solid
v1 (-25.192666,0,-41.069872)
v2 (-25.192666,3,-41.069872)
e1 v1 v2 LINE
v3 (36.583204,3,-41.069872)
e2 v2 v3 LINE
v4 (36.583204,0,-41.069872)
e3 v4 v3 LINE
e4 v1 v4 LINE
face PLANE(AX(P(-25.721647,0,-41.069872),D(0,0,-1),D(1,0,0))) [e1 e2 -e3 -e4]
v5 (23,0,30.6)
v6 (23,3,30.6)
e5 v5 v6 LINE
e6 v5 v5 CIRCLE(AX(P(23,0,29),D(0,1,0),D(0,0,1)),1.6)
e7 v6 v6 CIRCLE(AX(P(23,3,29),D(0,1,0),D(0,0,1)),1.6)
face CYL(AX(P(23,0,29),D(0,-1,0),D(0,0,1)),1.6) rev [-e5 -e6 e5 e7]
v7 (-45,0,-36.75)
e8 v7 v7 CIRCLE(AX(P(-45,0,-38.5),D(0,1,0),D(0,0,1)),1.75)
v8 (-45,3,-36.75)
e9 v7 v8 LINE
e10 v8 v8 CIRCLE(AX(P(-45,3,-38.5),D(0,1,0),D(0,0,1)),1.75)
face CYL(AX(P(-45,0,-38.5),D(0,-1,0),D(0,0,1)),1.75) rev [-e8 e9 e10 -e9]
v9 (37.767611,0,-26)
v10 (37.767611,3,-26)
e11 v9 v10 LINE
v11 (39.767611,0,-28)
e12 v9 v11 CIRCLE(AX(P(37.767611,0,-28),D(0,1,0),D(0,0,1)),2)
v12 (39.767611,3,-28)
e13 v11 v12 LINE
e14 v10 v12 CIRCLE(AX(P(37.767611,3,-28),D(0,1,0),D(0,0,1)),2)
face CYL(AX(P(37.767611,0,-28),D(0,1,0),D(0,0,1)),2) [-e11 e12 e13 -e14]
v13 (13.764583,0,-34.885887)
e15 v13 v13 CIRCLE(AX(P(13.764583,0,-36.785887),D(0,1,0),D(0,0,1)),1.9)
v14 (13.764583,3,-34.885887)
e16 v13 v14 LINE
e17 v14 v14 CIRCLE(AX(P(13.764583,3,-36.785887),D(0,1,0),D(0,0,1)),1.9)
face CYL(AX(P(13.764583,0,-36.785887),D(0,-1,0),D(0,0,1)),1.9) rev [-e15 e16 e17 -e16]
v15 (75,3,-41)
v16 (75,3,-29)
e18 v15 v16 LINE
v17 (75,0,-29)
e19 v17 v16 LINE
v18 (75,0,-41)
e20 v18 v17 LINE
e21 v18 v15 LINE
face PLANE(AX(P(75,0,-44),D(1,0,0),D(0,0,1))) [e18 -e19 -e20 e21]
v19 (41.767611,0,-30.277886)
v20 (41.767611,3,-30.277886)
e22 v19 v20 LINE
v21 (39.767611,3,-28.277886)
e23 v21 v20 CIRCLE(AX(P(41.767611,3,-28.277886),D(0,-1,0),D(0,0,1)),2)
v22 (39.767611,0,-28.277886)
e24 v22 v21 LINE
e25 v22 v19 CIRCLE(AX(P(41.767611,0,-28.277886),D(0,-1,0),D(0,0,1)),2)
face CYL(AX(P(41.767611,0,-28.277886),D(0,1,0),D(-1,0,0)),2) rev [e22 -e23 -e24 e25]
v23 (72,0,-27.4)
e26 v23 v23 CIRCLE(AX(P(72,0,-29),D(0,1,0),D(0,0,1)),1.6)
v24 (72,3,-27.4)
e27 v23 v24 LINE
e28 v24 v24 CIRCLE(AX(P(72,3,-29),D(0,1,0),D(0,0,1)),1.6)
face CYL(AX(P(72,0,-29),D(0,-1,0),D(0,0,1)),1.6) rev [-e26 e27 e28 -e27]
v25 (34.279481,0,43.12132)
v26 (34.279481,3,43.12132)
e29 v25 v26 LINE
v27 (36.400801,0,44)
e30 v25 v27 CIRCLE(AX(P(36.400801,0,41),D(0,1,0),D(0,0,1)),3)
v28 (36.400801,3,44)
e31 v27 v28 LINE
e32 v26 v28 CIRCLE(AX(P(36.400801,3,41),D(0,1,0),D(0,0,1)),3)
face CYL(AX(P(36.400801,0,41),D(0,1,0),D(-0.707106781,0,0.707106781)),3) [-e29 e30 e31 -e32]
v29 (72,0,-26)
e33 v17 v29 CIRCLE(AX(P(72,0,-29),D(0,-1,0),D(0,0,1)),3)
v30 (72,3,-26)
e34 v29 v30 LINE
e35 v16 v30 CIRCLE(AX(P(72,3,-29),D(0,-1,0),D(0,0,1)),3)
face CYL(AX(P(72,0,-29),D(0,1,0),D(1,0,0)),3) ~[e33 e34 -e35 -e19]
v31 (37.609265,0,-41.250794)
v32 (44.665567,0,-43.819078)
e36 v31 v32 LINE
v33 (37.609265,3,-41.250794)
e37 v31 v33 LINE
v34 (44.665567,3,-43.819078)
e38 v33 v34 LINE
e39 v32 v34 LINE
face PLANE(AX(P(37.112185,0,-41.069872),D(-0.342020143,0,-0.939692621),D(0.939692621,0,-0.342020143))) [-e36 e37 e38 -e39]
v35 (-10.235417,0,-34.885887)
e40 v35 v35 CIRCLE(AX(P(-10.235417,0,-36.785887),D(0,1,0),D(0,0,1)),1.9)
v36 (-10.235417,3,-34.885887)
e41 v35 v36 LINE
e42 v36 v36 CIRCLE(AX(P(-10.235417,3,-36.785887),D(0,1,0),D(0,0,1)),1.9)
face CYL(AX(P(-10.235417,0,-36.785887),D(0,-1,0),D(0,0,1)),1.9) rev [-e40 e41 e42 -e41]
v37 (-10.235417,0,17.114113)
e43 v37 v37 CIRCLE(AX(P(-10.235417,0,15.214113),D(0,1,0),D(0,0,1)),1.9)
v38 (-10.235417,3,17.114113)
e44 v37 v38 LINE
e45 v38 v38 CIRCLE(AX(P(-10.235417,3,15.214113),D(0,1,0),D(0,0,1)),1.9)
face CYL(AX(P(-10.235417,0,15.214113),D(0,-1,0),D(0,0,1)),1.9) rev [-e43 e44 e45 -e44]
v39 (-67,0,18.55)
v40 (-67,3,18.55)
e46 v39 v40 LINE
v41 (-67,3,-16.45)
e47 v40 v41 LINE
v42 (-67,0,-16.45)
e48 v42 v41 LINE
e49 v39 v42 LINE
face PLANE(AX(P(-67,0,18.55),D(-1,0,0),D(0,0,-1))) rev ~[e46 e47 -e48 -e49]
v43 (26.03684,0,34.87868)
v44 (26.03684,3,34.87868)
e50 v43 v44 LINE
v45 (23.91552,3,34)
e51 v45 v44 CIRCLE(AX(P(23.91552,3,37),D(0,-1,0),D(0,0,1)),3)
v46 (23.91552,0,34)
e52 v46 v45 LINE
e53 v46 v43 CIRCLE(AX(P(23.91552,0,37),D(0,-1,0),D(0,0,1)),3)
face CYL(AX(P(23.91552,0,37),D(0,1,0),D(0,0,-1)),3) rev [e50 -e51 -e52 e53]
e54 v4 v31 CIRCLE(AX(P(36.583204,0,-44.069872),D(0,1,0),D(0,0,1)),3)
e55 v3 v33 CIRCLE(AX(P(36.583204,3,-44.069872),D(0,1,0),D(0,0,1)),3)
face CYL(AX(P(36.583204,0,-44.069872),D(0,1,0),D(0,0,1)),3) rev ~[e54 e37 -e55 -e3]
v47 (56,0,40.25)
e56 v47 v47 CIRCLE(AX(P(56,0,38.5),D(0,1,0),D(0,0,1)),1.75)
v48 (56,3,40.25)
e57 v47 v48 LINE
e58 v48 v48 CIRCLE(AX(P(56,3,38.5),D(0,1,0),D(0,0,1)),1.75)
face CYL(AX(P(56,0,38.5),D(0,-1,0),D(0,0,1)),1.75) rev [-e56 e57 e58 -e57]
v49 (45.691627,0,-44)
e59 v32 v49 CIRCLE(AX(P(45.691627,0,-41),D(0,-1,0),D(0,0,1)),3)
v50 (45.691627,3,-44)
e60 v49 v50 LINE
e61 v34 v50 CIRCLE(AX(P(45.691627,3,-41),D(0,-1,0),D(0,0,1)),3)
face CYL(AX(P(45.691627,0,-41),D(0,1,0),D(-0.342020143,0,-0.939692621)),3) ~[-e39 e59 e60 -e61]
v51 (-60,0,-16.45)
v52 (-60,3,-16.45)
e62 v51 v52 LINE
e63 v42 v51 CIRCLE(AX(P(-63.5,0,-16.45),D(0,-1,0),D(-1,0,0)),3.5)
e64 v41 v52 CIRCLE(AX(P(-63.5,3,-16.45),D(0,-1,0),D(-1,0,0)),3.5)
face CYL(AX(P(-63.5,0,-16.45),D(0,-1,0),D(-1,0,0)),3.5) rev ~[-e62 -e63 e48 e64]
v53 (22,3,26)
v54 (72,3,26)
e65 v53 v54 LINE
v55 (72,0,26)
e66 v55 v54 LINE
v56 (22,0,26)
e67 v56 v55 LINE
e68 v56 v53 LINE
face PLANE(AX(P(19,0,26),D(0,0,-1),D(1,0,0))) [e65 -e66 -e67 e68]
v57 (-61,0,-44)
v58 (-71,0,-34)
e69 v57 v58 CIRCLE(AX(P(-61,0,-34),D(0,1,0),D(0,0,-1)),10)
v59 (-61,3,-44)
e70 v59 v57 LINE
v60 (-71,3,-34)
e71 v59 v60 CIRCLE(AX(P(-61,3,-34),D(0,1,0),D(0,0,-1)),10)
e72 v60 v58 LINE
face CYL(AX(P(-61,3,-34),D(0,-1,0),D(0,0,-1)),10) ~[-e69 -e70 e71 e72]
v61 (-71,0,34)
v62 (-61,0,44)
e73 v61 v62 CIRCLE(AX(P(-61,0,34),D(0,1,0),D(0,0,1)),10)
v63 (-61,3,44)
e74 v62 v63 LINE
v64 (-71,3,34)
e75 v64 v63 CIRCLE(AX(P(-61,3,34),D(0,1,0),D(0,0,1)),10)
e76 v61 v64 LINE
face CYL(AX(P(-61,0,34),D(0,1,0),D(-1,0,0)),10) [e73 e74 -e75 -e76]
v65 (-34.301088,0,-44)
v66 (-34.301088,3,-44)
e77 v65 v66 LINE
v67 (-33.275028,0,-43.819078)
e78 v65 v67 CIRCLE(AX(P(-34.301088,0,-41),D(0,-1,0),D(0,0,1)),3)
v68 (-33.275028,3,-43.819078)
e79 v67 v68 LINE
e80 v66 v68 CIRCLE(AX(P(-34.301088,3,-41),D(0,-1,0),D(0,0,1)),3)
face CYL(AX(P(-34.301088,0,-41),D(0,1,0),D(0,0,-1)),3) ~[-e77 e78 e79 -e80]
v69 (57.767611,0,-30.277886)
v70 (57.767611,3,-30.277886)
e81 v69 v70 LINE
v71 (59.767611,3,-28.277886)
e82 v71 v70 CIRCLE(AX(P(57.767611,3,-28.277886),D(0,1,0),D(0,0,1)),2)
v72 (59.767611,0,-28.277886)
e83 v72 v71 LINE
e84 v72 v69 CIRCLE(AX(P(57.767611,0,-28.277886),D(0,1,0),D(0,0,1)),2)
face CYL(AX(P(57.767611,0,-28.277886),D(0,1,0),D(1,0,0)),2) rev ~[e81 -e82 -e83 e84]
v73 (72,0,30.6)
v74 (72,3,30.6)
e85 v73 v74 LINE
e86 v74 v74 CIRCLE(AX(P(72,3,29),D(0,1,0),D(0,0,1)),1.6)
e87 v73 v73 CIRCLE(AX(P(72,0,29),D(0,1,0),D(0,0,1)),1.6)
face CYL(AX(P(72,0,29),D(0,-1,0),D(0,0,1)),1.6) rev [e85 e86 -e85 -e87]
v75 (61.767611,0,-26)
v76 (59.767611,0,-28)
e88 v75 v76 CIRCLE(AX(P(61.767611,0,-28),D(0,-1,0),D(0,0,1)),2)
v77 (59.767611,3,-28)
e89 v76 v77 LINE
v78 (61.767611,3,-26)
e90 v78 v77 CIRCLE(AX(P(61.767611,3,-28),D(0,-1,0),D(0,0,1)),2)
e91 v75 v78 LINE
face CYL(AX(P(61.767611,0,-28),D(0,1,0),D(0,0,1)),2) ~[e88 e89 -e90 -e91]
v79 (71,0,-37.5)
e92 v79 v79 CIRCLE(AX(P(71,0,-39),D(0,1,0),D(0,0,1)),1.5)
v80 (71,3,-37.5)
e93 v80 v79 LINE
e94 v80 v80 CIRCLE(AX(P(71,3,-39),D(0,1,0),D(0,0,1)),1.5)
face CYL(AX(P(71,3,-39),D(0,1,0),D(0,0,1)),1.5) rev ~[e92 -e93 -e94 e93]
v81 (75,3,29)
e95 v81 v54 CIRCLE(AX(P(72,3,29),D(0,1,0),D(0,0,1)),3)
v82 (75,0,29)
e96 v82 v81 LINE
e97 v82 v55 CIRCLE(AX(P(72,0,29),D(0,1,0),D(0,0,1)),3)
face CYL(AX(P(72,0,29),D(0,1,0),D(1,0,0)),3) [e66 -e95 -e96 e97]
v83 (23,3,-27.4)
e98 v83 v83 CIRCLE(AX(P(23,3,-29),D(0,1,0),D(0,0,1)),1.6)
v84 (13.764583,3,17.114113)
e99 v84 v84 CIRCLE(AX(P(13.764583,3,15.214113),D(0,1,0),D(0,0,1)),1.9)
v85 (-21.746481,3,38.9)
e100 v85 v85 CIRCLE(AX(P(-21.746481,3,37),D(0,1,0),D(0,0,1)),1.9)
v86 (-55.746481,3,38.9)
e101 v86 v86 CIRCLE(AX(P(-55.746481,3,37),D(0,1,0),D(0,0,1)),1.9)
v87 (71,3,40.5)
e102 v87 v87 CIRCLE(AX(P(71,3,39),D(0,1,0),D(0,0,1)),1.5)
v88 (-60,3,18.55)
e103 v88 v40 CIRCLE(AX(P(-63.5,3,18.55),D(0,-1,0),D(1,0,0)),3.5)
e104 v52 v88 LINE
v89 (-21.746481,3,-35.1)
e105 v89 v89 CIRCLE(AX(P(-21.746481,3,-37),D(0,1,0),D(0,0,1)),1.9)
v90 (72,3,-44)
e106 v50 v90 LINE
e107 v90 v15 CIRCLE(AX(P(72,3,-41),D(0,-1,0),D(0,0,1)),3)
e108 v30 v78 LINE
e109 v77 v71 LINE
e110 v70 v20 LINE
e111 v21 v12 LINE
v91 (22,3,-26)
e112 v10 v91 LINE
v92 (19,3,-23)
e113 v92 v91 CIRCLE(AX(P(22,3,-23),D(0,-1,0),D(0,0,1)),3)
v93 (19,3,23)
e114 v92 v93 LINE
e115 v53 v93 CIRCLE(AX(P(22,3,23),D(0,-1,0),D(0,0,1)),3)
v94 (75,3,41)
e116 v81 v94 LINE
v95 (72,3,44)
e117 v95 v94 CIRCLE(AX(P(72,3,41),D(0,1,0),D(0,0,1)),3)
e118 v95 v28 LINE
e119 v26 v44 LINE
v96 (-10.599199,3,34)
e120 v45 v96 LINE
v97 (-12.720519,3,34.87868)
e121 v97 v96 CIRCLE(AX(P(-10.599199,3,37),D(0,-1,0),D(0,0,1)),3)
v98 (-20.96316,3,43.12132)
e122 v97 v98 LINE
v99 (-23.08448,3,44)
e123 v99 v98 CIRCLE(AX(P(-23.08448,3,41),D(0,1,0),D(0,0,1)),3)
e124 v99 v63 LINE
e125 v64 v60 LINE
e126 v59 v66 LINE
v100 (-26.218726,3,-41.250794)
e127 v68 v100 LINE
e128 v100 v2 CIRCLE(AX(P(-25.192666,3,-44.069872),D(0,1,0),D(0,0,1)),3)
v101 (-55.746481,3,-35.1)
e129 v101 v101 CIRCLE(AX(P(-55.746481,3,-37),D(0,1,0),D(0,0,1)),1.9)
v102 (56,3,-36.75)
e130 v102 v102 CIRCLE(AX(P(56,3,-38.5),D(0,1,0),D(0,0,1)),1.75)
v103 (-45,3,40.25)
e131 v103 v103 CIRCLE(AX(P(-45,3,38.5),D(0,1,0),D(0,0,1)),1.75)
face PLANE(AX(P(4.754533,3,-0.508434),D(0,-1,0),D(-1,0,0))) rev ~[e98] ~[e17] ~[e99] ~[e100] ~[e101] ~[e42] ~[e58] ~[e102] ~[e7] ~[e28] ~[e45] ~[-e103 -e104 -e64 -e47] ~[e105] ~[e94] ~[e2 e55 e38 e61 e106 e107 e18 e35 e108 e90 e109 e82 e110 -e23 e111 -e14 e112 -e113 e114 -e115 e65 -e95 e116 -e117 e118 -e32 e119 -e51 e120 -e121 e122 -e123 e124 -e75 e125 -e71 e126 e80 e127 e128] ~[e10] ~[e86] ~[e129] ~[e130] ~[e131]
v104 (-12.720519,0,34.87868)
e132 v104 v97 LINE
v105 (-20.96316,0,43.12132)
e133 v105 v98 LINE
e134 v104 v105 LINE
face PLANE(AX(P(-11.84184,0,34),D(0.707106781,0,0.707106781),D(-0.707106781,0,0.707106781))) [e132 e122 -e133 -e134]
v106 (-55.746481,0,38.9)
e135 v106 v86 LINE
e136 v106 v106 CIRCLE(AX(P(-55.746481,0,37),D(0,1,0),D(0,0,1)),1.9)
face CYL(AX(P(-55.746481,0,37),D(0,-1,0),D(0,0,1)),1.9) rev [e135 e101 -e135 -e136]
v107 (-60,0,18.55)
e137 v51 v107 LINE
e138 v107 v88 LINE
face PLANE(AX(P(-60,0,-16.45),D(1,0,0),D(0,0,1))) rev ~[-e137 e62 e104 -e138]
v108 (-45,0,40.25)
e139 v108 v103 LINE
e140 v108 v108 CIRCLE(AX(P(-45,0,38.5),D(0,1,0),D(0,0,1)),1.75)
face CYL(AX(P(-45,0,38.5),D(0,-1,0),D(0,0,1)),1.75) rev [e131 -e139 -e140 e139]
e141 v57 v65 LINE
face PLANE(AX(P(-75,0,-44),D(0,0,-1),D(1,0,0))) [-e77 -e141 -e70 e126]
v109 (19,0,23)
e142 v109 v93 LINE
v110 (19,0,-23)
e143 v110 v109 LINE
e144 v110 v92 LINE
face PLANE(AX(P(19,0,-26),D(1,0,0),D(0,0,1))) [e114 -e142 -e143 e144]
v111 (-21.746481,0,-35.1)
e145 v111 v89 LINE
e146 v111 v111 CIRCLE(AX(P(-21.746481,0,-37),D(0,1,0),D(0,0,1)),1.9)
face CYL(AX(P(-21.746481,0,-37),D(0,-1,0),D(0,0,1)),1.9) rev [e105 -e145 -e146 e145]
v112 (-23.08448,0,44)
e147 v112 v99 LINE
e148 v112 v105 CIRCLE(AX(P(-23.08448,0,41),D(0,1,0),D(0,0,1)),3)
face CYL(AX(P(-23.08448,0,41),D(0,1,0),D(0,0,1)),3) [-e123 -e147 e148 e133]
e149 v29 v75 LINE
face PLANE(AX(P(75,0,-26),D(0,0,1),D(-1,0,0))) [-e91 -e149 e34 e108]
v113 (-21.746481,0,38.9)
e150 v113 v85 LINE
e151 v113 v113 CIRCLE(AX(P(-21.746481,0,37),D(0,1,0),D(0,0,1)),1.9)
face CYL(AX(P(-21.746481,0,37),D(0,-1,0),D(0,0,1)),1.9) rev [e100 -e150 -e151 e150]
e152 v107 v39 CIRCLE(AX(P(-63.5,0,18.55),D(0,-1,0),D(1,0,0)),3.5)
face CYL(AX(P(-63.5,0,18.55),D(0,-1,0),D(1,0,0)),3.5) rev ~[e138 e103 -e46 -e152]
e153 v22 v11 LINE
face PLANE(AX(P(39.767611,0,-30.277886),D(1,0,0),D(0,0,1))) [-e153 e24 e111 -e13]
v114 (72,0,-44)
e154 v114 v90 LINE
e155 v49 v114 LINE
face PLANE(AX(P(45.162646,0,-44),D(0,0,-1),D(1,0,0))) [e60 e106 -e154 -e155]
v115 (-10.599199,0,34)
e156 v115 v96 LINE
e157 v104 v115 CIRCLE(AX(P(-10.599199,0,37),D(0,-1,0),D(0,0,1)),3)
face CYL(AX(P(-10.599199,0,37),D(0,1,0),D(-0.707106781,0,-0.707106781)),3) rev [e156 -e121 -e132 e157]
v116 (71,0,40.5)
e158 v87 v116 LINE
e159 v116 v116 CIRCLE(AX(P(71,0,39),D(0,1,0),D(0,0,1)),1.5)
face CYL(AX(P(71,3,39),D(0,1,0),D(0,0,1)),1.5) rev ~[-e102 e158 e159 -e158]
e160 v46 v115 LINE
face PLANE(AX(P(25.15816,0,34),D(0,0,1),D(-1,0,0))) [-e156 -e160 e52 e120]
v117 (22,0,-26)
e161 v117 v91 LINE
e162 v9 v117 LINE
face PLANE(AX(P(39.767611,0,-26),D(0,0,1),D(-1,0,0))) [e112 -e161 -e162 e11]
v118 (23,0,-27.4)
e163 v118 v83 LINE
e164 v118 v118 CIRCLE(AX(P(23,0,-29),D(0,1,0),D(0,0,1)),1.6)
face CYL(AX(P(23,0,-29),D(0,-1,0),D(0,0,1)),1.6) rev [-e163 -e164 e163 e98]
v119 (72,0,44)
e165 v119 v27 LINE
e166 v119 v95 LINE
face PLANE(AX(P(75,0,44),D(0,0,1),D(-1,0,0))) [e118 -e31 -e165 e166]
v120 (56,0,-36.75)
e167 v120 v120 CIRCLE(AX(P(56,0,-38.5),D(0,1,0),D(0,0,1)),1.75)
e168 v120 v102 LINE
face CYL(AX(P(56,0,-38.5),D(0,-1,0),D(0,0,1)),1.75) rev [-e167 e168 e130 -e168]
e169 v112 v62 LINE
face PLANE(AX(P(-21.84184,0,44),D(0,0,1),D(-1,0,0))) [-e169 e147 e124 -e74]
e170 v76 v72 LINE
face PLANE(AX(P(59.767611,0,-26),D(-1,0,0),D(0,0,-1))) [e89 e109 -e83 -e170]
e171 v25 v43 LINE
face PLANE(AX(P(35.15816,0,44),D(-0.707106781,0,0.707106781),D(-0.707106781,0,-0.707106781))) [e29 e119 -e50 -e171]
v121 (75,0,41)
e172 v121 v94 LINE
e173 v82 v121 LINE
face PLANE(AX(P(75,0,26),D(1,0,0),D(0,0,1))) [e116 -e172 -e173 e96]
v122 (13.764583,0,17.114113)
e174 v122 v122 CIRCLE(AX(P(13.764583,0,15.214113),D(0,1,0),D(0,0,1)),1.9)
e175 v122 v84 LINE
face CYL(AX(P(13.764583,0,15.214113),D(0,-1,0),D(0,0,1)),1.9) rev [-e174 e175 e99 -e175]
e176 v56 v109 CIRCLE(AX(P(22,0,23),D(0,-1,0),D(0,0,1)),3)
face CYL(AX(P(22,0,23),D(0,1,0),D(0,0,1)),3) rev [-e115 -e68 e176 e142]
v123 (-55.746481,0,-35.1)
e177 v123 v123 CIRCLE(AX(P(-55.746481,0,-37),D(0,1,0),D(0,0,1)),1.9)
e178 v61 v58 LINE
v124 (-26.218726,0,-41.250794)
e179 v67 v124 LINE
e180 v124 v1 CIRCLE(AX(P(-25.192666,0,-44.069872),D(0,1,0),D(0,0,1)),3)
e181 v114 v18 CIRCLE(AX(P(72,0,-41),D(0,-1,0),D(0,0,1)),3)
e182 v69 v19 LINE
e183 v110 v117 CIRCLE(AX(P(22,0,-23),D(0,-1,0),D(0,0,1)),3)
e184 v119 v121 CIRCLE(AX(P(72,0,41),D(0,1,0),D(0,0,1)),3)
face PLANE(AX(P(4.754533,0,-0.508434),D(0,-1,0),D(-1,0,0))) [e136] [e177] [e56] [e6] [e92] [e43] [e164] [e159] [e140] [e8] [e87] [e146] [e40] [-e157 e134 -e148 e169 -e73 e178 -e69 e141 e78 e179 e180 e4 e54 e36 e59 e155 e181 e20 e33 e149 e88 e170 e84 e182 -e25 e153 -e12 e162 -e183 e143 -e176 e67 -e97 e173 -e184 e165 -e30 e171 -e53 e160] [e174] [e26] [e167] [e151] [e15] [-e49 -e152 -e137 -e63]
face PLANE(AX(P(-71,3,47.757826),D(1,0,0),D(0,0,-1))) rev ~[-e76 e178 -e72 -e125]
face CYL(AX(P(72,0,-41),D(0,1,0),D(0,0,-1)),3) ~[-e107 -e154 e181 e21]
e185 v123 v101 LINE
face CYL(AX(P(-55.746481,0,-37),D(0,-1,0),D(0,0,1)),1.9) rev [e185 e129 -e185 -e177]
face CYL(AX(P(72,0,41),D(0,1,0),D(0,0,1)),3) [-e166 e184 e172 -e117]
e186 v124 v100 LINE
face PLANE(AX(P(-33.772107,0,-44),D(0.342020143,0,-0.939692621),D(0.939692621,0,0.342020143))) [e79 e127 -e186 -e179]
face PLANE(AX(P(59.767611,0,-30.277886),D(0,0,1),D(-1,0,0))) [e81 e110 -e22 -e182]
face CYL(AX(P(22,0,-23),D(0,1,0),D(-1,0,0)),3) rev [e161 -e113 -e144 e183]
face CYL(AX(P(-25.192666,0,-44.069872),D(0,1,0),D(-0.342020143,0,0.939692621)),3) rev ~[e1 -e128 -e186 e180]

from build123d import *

# Parameters (mm, degrees)
SKETCH1_R           = 1.75
SKETCH1_R_2         = 1.6
SKETCH1_R_3         = 1.9
BOSS_EXTRUDE1_DEPTH = 3
FILLET1_R           = 3
FILLET2_R           = 7
FILLET3_R           = 2
SKETCH2_R           = 1.5
CUT_EXTRUDE1_DEPTH  = 10
SKETCH3_W           = 22.30502782
SKETCH3_H           = 95.515652082
CUT_EXTRUDE2_DEPTH  = 10
FILLET4_R           = 10


with BuildPart() as part:
    # Sketch1 → Boss-Extrude1 (new body)
    with BuildSketch(Plane(origin=(0, 0, 0), x_dir=(1, 0, 0), z_dir=(0, 1, 0))):
        Polygon((-75, -44), (-75, -35), (-71, -30), (-71, 30), (-75, 35), (-75, 44), (-33.772107485, 44), (-25.721646761, 41.069871925), (37.112185403, 41.069871925), (45.162646126, 44), (75, 44), (75, 26), (59.767610868, 26), (59.767610868, 30.277885673), (39.767610868, 30.277885673), (39.767610868, 26), (19, 26), (19, -26), (75, -26), (75, -44), (35.158160284, -44), (25.158160284, -34), (-11.841839716, -34), (-21.841839716, -44), align=None)
        with Locations(Location((-45, 38.5, 0), (0, 0, 270))):
            Circle(SKETCH1_R, mode=Mode.SUBTRACT)
        with Locations(Location((56, 38.5, 0), (0, 0, 270))):
            Circle(SKETCH1_R, mode=Mode.SUBTRACT)
        with Locations(Location((56, -38.5, 0), (0, 0, 270))):
            Circle(SKETCH1_R, mode=Mode.SUBTRACT)
        with Locations(Location((-45, -38.5, 0), (0, 0, 270))):
            Circle(SKETCH1_R, mode=Mode.SUBTRACT)
        with Locations(Location((23, 29, 0), (0, 0, 270))):
            Circle(SKETCH1_R_2, mode=Mode.SUBTRACT)
        with Locations(Location((72, 29, 0), (0, 0, 270))):
            Circle(SKETCH1_R_2, mode=Mode.SUBTRACT)
        with Locations(Location((72, -29, 0), (0, 0, 270))):
            Circle(SKETCH1_R_2, mode=Mode.SUBTRACT)
        with Locations(Location((23, -29, 0), (0, 0, 270))):
            Circle(SKETCH1_R_2, mode=Mode.SUBTRACT)
        with Locations(Location((-55.746480847, 37, 0), (0, 0, 270))):
            Circle(SKETCH1_R_3, mode=Mode.SUBTRACT)
        with Locations(Location((-10.235416983, 36.785886944, 0), (0, 0, 270))):
            Circle(SKETCH1_R_3, mode=Mode.SUBTRACT)
        with Locations(Location((13.764583017, 36.785886944, 0), (0, 0, 270))):
            Circle(SKETCH1_R_3, mode=Mode.SUBTRACT)
        with Locations(Location((13.764583017, -15.214113056, 0), (0, 0, 270))):
            Circle(SKETCH1_R_3, mode=Mode.SUBTRACT)
        with Locations(Location((-10.235416983, -15.214113056, 0), (0, 0, 270))):
            Circle(SKETCH1_R_3, mode=Mode.SUBTRACT)
        with Locations(Location((-55.746480847, -37, 0), (0, 0, 270))):
            Circle(SKETCH1_R_3, mode=Mode.SUBTRACT)
        with Locations(Location((-21.746480847, -37, 0), (0, 0, 270))):
            Circle(SKETCH1_R_3, mode=Mode.SUBTRACT)
        with Locations(Location((-21.746480847, 37, 0), (0, 0, 270))):
            Circle(SKETCH1_R_3, mode=Mode.SUBTRACT)
        with BuildLine():
            Line((-60, 16.45), (-60, -18.55))
            ThreePointArc((-60, -18.55), (-63.5, -22.05), (-67, -18.55))
            Line((-67, -18.55), (-67, 16.45))
            ThreePointArc((-67, 16.45), (-63.5, 19.95), (-60, 16.45))
        make_face(mode=Mode.SUBTRACT)
    extrude(amount=BOSS_EXTRUDE1_DEPTH)

    # Fillet1
    fillet1_edges = [part.edges().sort_by_distance(p)[0] for p in [
        (75, 1.5, -44),
        (75, 1.5, -26),
        (19, 1.5, -26),
        (19, 1.5, 26),
        (75, 1.5, 26),
        (75, 1.5, 44),
        (35.158160284, 1.5, 44),
        (25.158160284, 1.5, 34),
        (-11.841839716, 1.5, 34),
        (-21.841839716, 1.5, 44),
        (-75, 1.5, 44),
        (-75, 1.5, -44),
        (-33.772107485, 1.5, -44),
        (-25.721646761, 1.5, -41.069871925),
        (37.112185403, 1.5, -41.069871925),
        (45.162646126, 1.5, -44),
    ]]
    fillet(fillet1_edges, radius=FILLET1_R)

    # Fillet2
    fillet2_edges = [part.edges().sort_by_distance(p)[0] for p in [
        (-71, 1.5, 30),
        (-71, 1.5, -30),
    ]]
    fillet(fillet2_edges, radius=FILLET2_R)

    # Fillet3
    fillet3_edges = [part.edges().sort_by_distance(p)[0] for p in [
        (59.767610868, 1.5, -26),
        (59.767610868, 1.5, -30.277885673),
        (39.767610868, 1.5, -30.277885673),
        (39.767610868, 1.5, -26),
    ]]
    fillet(fillet3_edges, radius=FILLET3_R)

    # Sketch2 → Cut-Extrude1 (cut)
    with BuildSketch(Plane(origin=(0, 3, 0), x_dir=(1, 0, 0), z_dir=(0, 1, 0))):
        with Locations(Location((71, 39, 0), (0, 0, 270))):
            Circle(SKETCH2_R)
        with Locations(Location((71, -39, 0), (0, 0, 270))):
            Circle(SKETCH2_R)
    extrude(amount=-CUT_EXTRUDE1_DEPTH, mode=Mode.SUBTRACT)

    # Sketch3 → Cut-Extrude2 (cut)
    with BuildSketch(Plane(origin=(0, 3, 0), x_dir=(1, 0, 0), z_dir=(0, 1, 0))):
        with Locations((-82.15251391, 0)):
            Rectangle(SKETCH3_W, SKETCH3_H)
    extrude(amount=-CUT_EXTRUDE2_DEPTH, mode=Mode.SUBTRACT)

    # Fillet4
    fillet4_edges = [part.edges().sort_by_distance(p)[0] for p in [
        (-71, 1.5, -44),
        (-71, 1.5, 44),
    ]]
    fillet(fillet4_edges, radius=FILLET4_R)


solid = part.part
